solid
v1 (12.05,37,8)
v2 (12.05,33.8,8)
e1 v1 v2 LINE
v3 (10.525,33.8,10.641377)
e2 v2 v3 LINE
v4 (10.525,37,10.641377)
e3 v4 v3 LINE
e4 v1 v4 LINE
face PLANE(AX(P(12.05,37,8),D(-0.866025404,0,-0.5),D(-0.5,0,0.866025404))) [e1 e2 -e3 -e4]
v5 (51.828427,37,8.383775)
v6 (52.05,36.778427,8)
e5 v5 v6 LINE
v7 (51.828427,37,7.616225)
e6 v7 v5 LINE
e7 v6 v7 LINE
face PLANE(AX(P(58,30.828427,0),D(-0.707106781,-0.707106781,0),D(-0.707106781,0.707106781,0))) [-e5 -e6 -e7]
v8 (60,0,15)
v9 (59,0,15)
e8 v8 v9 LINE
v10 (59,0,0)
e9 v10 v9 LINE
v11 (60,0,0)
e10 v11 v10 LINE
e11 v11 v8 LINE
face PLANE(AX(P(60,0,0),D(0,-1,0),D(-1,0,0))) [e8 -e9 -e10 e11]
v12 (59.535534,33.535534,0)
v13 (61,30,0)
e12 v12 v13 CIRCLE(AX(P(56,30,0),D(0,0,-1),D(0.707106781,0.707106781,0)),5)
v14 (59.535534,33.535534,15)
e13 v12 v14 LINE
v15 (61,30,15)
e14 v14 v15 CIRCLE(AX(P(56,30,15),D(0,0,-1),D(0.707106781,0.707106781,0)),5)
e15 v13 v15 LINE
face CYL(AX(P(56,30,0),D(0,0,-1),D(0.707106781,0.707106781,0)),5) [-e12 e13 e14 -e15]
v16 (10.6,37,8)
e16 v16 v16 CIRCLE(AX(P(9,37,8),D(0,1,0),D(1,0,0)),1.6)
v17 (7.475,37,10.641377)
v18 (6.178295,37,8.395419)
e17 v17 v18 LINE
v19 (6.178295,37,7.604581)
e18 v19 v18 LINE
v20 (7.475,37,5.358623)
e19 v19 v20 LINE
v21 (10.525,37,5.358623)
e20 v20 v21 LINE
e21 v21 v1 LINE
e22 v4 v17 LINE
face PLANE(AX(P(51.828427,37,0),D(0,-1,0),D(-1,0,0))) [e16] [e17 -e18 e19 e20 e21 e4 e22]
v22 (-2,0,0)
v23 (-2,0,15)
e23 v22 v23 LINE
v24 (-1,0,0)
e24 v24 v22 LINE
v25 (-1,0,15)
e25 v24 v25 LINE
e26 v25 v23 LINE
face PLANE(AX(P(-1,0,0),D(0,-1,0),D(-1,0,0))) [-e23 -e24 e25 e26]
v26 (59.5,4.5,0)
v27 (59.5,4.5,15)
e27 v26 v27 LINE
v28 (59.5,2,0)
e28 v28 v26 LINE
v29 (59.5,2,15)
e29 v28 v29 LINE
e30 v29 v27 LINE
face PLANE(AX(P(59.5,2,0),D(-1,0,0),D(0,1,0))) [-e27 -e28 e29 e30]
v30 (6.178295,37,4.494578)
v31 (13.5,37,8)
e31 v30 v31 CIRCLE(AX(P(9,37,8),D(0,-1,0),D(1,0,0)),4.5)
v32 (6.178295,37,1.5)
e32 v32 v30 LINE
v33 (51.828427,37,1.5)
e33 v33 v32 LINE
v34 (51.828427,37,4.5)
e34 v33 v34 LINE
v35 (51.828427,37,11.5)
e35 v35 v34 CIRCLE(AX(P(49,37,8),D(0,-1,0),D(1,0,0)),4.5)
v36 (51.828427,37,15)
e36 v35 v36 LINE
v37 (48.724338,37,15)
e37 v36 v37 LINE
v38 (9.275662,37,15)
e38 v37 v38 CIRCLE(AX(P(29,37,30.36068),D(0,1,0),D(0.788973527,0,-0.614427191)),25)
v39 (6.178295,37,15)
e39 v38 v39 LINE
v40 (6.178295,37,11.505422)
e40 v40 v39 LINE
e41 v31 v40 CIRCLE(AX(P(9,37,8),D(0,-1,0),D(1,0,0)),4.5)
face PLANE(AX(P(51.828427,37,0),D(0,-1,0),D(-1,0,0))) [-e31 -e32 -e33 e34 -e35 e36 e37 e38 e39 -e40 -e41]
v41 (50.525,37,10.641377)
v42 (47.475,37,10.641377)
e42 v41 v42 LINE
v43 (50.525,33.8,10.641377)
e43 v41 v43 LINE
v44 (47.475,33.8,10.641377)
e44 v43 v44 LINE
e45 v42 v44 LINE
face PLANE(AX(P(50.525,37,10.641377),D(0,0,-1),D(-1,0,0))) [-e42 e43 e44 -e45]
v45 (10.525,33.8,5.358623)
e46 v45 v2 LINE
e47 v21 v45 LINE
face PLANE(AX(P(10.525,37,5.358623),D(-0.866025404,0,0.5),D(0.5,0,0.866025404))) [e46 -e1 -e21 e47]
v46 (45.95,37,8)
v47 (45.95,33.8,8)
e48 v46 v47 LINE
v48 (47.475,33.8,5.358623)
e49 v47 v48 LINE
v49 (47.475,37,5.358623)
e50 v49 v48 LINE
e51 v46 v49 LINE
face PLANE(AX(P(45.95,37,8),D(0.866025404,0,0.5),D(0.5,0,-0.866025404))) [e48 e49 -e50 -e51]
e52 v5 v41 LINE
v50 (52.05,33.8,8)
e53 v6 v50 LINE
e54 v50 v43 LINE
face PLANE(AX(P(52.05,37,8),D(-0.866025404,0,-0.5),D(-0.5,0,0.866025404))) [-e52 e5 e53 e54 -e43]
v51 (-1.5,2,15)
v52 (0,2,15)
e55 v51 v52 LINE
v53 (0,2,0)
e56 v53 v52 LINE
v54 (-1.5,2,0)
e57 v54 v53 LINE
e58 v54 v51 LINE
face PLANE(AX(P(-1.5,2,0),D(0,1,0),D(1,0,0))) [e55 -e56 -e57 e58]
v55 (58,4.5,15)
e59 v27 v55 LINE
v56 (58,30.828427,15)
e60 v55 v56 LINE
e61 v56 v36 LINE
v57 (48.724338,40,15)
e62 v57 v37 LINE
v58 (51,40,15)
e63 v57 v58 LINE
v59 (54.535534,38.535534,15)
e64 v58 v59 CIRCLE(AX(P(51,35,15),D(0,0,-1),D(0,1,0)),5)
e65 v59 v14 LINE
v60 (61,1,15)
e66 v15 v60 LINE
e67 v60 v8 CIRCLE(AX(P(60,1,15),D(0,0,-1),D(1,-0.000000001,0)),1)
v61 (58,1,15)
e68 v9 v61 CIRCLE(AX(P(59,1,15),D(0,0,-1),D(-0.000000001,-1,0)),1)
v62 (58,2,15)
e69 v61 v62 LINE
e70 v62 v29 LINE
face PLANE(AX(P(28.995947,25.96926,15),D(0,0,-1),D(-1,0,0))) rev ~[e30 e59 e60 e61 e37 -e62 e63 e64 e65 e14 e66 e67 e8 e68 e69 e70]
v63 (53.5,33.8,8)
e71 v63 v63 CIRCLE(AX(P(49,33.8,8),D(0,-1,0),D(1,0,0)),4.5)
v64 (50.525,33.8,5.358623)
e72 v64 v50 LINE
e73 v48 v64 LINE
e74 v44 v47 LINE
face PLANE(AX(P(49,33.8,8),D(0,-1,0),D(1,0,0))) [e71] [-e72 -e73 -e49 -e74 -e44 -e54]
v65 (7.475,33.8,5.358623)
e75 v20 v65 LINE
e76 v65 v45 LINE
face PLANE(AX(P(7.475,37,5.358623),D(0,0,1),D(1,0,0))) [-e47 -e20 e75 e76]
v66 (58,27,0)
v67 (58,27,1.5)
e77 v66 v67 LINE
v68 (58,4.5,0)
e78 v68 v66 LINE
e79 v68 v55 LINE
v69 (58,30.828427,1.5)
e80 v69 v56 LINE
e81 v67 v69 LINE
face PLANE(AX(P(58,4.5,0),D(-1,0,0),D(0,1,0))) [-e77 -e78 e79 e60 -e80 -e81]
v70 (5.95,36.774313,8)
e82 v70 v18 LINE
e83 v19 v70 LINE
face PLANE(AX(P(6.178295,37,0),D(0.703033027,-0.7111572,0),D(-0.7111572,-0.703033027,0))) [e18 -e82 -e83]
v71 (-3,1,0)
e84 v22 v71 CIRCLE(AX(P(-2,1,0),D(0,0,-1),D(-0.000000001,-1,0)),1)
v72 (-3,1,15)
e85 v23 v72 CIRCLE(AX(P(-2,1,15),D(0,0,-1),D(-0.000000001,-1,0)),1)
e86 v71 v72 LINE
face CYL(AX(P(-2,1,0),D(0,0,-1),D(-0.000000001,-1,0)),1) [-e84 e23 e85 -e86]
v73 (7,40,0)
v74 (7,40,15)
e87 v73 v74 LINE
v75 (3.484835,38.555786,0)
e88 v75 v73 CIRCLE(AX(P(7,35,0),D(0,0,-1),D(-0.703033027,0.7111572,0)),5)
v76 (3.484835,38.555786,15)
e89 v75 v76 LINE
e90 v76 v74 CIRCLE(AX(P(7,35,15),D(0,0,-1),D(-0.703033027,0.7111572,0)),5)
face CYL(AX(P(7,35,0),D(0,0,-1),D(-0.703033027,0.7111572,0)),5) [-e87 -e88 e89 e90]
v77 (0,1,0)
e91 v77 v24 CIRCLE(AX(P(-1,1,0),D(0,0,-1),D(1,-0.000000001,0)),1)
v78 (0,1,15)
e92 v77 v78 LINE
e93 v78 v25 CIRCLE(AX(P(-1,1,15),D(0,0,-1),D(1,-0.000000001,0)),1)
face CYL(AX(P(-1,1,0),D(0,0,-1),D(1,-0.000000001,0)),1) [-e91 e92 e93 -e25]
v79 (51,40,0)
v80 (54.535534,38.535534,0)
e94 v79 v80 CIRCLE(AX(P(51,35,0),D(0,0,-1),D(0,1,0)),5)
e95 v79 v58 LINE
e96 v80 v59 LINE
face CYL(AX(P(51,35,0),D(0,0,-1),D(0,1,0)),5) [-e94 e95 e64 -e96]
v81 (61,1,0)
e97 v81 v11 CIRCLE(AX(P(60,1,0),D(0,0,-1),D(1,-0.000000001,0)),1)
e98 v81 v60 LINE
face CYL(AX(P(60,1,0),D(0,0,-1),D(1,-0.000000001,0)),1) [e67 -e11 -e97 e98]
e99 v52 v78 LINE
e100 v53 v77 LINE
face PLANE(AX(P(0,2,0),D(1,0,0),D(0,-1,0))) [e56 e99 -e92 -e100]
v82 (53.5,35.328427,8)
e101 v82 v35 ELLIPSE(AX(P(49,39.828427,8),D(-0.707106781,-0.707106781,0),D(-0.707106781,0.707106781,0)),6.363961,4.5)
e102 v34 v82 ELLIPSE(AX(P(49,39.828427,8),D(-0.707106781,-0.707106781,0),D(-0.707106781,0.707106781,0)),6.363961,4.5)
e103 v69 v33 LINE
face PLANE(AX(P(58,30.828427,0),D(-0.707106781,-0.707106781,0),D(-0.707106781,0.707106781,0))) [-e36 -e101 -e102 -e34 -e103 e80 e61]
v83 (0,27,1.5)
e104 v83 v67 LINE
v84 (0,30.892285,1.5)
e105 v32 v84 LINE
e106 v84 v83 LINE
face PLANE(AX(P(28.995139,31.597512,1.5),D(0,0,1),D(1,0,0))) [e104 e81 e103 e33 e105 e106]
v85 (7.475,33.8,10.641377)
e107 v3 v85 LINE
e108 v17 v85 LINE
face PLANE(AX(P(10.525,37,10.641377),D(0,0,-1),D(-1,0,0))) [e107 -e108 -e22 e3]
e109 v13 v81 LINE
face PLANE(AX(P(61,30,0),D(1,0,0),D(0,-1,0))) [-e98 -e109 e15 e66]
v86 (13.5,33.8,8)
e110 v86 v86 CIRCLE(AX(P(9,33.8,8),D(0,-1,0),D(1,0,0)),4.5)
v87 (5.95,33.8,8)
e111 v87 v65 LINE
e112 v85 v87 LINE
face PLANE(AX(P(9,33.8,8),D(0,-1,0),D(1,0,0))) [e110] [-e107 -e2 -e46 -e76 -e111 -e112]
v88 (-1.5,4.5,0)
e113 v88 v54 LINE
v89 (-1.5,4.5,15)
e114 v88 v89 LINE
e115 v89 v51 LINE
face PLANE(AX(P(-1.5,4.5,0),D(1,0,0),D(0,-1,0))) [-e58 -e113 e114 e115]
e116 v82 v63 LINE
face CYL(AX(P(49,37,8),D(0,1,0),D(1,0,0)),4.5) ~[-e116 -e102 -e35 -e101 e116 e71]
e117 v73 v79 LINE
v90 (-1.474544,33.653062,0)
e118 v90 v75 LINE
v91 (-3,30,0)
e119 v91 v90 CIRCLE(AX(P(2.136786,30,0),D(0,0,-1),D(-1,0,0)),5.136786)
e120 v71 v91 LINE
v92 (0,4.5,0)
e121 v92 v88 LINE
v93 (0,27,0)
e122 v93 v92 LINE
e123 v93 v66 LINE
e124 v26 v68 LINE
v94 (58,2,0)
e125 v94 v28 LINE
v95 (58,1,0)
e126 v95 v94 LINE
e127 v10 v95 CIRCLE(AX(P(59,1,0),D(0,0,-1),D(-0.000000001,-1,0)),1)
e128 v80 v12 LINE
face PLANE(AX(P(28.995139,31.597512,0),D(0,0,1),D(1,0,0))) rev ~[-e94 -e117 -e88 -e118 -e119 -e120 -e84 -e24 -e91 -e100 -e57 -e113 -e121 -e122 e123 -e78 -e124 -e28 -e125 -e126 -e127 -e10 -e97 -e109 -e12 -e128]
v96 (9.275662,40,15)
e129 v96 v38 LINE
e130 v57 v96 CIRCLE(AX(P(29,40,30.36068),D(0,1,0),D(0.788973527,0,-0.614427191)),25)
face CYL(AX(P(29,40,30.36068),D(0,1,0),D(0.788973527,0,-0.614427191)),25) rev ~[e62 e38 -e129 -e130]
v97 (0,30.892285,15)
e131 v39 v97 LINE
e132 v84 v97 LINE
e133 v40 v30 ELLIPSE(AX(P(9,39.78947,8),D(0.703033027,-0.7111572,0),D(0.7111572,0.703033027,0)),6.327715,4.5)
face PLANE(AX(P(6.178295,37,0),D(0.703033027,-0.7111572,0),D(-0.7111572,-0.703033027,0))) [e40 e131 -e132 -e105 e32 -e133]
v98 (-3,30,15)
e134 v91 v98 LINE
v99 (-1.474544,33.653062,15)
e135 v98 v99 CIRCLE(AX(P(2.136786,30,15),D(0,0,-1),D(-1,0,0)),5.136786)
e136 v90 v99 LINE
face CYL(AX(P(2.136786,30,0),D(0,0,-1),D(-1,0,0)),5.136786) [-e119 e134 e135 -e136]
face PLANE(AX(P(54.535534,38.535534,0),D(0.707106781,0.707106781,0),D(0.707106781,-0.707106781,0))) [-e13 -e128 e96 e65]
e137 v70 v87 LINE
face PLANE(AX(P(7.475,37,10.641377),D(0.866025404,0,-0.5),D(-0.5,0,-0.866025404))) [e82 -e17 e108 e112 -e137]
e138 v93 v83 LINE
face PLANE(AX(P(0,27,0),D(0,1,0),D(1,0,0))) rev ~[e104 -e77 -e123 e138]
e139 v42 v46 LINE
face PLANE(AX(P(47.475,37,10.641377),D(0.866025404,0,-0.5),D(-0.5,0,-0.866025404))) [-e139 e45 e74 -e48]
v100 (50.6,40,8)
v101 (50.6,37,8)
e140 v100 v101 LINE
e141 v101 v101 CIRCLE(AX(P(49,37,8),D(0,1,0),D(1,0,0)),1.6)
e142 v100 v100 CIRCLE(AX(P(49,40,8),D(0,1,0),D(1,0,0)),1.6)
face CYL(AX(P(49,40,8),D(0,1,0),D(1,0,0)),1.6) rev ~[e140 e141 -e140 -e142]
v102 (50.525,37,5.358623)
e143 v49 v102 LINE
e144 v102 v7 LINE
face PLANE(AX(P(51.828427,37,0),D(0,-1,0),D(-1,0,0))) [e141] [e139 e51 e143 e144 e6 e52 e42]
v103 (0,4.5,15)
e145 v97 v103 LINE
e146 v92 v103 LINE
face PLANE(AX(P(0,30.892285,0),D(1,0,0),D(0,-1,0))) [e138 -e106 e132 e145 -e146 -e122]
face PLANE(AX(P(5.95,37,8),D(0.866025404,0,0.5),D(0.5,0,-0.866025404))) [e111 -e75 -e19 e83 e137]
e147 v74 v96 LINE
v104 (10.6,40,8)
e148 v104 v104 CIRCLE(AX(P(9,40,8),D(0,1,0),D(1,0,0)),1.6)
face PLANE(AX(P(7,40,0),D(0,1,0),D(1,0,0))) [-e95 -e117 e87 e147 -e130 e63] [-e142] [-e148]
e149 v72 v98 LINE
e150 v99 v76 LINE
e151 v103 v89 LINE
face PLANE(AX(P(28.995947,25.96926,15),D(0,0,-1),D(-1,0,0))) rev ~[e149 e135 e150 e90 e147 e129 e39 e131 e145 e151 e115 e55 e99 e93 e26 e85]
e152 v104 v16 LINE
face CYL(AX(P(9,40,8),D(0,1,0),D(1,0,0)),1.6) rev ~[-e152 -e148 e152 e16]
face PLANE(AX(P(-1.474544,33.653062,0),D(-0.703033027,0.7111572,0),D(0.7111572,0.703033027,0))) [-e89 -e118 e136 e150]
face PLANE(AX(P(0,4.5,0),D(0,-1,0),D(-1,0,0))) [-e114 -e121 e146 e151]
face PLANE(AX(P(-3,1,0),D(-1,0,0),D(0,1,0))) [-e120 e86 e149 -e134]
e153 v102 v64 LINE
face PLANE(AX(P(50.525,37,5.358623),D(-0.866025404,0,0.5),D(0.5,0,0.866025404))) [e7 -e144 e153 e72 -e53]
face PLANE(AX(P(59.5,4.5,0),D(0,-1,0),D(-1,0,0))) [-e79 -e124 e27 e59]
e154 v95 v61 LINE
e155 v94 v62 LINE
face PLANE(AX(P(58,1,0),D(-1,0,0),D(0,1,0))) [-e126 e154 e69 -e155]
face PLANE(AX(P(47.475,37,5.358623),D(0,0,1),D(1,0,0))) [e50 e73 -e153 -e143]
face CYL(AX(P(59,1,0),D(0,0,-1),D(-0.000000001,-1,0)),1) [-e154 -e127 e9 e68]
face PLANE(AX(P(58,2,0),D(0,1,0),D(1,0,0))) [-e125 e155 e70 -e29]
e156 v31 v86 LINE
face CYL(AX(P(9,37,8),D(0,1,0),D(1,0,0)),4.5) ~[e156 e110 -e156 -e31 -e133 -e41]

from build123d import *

# Parameters (mm, degrees)
SALIENTE_EXTRUIR2_DEPTH = 15
SALIENTE_EXTRUIR3_DEPTH = 1.5
CROQUIS2_R              = 1.6
CORTAR_EXTRUIR1_DEPTH   = 10
CROQUIS4_R              = 4.5
SALIENTE_EXTRUIR4_DEPTH = 3.2
CORTAR_EXTRUIR2_REACH   = 42


with BuildPart() as part:
    # Croquis1 → Saliente-Extruir2 (new body)
    with BuildSketch(Plane.XY):
        with BuildLine():
            Line((51.828427125, 37), (6.178295218, 37))
            Line((6.178295218, 37), (0, 30.892284874))
            Line((0, 30.892284874), (0, 4.5))
            Line((0, 4.5), (-1.5, 4.5))
            Line((-1.5, 4.5), (-1.5, 2))
            Line((-1.5, 2), (0, 2))
            Line((0, 2), (0, 1))
            ThreePointArc((0, 1), (-0.292893219, 0.292893219), (-1, 0))
            Line((-1, 0), (-2, 0))
            ThreePointArc((-2, 0), (-2.707106781, 0.292893219), (-3, 1))
            Line((-3, 1), (-3, 30))
            ThreePointArc((-3, 30), (-2.603319545, 31.979386186), (-1.474544268, 33.65306221))
            Line((-1.474544268, 33.65306221), (3.484834866, 38.555786))
            ThreePointArc((3.484834866, 38.555786), (5.099859216, 39.624874593), (7, 40))
            Line((7, 40), (51, 40))
            ThreePointArc((51, 40), (52.913417162, 39.619397663), (54.535533906, 38.535533906))
            Line((54.535533906, 38.535533906), (59.535533906, 33.535533906))
            ThreePointArc((59.535533906, 33.535533906), (60.619397663, 31.913417162), (61, 30))
            Line((61, 30), (61, 1))
            ThreePointArc((61, 1), (60.707106781, 0.292893219), (60, 0))
            Line((60, 0), (59, 0))
            ThreePointArc((59, 0), (58.292893219, 0.292893219), (58, 1))
            Line((58, 1), (58, 2))
            Line((58, 2), (59.5, 2))
            Line((59.5, 2), (59.5, 4.5))
            Line((59.5, 4.5), (58, 4.5))
            Line((58, 4.5), (58, 30.828427125))
            Line((58, 30.828427125), (51.828427125, 37))
        make_face()
    extrude(amount=SALIENTE_EXTRUIR2_DEPTH)

    # Croquis3 → Saliente-Extruir3 (add)
    with BuildSketch(Plane.XY):
        Polygon((0, 27), (58, 27), (58, 30.828427125), (51.828427125, 37), (6.178295218, 37), (0, 30.892284874), align=None)
    extrude(amount=SALIENTE_EXTRUIR3_DEPTH)

    # Croquis2 → Cortar-Extruir1 (cut)
    with BuildSketch(Plane(origin=(0, 40, 0), x_dir=(1, 0, 0), z_dir=(0, 1, 0))):
        with Locations((9, -8)):
            Circle(CROQUIS2_R)
        with Locations((49, -8)):
            Circle(CROQUIS2_R)
    extrude(amount=-CORTAR_EXTRUIR1_DEPTH, mode=Mode.SUBTRACT)

    # Croquis4 → Saliente-Extruir4 (add)
    with BuildSketch(Plane.XZ.offset(-37)):
        with Locations((49, 8)):
            Circle(CROQUIS4_R)
        Polygon((52.05, 8), (50.525, 10.641377482), (47.475, 10.641377482), (45.95, 8), (47.475, 5.358622518), (50.525, 5.358622518), align=None, mode=Mode.SUBTRACT)
        with Locations((9, 8)):
            Circle(CROQUIS4_R)
        Polygon((10.525, 10.641377482), (7.475, 10.641377482), (5.95, 8), (7.475, 5.358622518), (10.525, 5.358622518), (12.05, 8), align=None, mode=Mode.SUBTRACT)
    extrude(amount=SALIENTE_EXTRUIR4_DEPTH)

    # Croquis5 → Cortar-Extruir2 (cut, up to next)
    with BuildSketch(Plane(origin=(0, 40, 0), x_dir=(1, 0, 0), z_dir=(0, 1, 0)), mode=Mode.PRIVATE) as cortar_extruir2_sk1:
        with BuildLine():
            Line((9.275661815, -15), (48.724338185, -15))
            ThreePointArc((48.724338185, -15), (29, -5.360679775), (9.275661815, -15))
        make_face()
    cortar_extruir2_tool1 = extrude(cortar_extruir2_sk1.sketch, amount=-CORTAR_EXTRUIR2_REACH, mode=Mode.PRIVATE) & part.part
    add(cortar_extruir2_tool1.solids().sort_by_distance((29, 40, 11.072485))[0], mode=Mode.SUBTRACT)


solid = part.part
